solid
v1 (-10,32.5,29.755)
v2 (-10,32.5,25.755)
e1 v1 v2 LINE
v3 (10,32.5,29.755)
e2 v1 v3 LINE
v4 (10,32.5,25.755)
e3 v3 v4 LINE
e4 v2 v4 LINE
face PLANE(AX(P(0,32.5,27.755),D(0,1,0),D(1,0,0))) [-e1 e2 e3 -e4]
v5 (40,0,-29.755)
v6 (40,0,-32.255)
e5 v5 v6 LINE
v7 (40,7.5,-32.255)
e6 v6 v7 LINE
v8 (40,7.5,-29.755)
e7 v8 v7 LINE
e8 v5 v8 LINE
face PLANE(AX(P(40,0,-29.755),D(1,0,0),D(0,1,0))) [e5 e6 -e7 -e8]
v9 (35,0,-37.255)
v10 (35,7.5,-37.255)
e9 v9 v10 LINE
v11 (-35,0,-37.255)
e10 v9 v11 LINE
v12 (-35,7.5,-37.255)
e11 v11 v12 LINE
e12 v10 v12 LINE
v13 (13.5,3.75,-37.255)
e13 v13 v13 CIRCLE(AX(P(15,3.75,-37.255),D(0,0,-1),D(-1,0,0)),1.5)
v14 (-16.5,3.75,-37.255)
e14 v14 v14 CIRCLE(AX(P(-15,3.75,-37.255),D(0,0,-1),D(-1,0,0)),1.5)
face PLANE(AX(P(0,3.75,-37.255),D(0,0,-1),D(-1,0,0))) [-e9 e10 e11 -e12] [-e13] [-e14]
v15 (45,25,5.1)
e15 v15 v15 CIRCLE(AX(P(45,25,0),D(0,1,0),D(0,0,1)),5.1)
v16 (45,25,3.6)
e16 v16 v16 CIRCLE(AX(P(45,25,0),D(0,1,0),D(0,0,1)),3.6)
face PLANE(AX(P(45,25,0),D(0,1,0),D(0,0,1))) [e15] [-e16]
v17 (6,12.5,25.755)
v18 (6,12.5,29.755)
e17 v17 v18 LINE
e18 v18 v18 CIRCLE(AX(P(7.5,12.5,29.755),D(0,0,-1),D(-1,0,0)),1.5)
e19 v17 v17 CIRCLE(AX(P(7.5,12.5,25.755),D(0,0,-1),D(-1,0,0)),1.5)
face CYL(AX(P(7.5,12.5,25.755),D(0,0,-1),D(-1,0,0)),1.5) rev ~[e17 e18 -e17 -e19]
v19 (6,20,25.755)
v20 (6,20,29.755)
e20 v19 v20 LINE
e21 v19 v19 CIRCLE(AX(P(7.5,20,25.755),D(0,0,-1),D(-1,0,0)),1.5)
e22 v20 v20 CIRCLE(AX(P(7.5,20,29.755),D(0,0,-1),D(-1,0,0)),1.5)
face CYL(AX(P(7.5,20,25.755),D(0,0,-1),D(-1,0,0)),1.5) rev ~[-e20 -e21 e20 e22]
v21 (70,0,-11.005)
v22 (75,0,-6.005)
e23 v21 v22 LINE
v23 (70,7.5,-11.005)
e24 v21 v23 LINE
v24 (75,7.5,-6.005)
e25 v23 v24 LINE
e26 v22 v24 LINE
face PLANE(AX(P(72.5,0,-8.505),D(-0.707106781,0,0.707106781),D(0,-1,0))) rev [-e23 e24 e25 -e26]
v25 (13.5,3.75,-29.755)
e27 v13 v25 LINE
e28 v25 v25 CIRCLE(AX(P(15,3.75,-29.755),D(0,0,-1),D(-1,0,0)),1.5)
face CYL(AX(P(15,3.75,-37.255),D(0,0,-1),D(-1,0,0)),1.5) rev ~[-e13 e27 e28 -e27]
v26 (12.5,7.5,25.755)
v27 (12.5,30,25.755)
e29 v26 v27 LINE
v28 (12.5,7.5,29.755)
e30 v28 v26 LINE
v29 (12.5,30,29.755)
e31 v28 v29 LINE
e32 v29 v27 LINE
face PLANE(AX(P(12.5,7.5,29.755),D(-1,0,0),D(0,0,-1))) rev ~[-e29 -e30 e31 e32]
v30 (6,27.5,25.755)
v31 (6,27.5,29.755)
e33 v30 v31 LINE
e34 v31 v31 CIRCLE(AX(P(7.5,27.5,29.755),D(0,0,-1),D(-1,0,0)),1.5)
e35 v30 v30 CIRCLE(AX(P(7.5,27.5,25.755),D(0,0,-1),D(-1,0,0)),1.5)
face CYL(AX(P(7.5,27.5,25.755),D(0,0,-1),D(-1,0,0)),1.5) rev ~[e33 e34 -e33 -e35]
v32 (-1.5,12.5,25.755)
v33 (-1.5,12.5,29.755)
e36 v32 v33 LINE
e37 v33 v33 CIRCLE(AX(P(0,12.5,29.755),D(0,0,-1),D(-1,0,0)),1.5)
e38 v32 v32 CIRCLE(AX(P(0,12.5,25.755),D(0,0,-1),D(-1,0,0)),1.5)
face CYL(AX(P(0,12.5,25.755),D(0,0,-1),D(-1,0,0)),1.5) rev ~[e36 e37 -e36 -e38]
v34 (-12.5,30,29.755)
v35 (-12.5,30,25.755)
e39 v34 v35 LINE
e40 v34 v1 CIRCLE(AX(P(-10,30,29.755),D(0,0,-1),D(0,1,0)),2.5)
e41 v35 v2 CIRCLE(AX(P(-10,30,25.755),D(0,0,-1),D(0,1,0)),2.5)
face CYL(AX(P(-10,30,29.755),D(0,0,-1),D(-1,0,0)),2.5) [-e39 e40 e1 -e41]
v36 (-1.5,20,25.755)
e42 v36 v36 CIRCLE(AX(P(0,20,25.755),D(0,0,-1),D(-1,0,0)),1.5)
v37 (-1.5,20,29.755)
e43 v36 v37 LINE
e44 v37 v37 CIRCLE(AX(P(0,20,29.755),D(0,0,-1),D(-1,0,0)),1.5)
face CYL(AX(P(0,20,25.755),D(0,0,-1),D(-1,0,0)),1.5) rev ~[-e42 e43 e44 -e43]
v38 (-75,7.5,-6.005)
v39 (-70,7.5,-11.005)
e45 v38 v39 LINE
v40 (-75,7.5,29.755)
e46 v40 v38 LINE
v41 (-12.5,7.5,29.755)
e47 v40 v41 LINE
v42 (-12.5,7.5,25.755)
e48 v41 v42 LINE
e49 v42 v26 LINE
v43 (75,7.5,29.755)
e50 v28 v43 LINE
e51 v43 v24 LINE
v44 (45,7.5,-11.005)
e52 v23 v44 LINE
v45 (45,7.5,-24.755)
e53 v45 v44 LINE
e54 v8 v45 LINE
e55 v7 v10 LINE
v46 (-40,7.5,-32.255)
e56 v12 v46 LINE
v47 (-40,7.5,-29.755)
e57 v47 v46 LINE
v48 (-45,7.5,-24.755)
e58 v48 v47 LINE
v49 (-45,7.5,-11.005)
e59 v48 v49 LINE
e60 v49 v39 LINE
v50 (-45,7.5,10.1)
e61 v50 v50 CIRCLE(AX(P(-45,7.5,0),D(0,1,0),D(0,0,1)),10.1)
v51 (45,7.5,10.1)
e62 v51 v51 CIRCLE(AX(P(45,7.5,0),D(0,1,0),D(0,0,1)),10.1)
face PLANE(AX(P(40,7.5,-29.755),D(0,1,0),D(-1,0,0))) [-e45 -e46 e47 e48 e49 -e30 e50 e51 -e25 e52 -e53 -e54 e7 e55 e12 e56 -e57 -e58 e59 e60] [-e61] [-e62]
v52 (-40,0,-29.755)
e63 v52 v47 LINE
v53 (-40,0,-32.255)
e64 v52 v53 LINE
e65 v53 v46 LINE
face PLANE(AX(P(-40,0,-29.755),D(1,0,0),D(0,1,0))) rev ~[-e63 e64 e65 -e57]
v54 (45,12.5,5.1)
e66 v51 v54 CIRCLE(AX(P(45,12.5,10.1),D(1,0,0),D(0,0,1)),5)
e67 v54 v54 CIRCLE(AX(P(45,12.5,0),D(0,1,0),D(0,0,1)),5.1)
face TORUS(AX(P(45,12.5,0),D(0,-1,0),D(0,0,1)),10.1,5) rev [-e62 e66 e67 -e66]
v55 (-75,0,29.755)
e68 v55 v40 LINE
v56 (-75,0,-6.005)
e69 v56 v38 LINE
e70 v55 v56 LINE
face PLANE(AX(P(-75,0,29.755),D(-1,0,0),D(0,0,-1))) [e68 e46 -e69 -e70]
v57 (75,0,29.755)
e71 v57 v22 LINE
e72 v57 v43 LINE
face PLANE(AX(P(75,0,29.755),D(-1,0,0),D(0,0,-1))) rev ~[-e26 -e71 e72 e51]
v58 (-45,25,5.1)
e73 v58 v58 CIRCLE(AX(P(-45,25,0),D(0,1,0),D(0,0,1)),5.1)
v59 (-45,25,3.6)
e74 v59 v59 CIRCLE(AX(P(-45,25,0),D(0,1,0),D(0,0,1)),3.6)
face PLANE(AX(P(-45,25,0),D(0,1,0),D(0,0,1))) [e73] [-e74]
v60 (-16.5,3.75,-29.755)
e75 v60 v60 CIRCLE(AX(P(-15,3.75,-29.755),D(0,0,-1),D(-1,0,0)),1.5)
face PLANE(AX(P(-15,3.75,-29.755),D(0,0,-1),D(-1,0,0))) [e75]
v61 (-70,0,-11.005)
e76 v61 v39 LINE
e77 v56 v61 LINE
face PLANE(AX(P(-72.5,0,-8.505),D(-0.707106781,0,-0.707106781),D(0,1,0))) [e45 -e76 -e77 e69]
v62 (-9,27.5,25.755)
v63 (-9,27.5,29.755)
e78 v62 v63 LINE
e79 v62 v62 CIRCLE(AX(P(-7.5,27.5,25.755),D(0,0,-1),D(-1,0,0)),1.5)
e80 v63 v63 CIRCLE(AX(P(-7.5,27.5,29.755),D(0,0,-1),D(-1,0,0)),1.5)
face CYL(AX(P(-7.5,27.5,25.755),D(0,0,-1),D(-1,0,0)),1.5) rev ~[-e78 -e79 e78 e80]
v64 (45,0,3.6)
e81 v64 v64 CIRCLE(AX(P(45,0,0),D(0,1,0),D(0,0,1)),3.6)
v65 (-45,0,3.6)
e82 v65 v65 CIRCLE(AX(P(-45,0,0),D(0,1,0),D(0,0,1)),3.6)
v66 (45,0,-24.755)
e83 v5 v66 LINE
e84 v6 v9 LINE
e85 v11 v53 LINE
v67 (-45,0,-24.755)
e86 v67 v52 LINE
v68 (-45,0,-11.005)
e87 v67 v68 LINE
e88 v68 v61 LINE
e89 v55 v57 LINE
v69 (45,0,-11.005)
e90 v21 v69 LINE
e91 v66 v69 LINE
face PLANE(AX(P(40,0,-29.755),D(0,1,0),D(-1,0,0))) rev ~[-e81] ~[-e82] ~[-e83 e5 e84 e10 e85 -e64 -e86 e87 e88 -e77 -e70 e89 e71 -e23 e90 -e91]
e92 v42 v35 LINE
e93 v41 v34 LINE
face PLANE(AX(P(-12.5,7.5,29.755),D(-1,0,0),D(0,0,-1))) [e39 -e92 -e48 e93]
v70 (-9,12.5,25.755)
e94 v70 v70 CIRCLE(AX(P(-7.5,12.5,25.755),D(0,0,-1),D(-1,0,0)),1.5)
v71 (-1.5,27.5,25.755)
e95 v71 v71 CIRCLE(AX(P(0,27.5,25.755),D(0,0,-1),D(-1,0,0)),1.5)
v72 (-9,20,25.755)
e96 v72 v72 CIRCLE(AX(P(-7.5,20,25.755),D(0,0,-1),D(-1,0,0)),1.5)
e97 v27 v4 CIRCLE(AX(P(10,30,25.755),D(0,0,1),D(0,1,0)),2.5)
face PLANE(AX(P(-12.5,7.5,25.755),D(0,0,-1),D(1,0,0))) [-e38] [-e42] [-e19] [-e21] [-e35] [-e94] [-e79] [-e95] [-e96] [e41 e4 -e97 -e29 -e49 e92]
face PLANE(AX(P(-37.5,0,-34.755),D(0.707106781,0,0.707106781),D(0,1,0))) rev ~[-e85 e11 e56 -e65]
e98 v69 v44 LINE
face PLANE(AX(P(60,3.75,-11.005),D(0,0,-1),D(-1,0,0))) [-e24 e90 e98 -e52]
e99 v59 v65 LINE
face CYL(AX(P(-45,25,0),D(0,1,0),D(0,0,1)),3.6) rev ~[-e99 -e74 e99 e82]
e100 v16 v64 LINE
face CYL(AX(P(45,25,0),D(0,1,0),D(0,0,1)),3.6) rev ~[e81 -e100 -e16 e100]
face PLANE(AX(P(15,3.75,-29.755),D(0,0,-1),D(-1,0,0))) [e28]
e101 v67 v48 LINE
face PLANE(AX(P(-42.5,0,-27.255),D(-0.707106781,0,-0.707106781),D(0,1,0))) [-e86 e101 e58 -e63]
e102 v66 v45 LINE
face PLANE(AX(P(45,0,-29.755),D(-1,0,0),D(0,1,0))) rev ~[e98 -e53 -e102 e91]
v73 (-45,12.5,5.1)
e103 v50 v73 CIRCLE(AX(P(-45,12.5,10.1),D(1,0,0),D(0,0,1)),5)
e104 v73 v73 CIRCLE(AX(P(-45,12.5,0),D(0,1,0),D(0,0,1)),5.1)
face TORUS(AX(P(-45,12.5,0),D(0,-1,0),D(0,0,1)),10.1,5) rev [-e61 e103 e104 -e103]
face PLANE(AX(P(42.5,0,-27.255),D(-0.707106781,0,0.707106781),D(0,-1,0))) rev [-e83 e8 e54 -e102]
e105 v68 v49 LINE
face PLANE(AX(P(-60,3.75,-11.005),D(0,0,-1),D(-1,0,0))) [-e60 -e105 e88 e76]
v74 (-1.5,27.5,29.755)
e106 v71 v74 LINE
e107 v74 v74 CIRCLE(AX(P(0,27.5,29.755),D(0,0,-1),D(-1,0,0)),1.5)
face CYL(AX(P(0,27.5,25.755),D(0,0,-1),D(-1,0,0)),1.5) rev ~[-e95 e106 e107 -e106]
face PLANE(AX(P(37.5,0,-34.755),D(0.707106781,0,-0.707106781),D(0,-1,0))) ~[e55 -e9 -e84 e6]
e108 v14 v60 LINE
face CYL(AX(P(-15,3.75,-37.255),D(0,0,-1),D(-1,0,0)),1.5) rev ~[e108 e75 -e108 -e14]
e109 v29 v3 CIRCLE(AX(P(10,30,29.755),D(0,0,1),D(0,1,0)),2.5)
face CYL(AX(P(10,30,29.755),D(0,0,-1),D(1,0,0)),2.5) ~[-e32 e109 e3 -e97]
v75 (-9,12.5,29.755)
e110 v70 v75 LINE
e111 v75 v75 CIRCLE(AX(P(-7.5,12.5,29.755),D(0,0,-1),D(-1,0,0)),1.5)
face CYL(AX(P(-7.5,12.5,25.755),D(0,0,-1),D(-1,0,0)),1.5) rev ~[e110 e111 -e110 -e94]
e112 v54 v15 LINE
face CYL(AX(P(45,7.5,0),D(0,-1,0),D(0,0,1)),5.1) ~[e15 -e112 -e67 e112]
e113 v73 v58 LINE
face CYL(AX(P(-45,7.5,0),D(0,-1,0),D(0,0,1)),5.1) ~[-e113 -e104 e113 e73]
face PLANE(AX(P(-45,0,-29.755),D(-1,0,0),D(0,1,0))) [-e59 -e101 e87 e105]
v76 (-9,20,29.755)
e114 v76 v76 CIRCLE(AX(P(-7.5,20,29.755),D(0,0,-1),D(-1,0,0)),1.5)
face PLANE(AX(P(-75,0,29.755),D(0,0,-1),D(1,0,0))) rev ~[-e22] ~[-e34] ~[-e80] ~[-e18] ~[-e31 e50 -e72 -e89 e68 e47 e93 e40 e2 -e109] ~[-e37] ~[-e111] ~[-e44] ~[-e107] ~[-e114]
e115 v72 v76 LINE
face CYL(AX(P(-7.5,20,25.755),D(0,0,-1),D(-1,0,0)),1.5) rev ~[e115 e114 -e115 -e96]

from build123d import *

# Parameters (mm, degrees)
SKETCH1_W           = 150
SKETCH1_H           = 59.51
BOSS_EXTRUDE1_DEPTH = 7.5
SKETCH2_R           = 5.1
BOSS_EXTRUDE2_DEPTH = 17.5
FILLET1_R           = 5
SKETCH3_R           = 3.6
CUT_EXTRUDE1_DEPTH  = 25
SKETCH4_W           = 30
SKETCH4_H           = 7.5
CUT_EXTRUDE2_DEPTH  = 18.75
CHAMFER1_SIZE       = 5
SKETCH5_W           = 80
SKETCH5_H           = 7.5
BOSS_EXTRUDE3_DEPTH = 7.5
CHAMFER2_SIZE       = 5
SKETCH6_R           = 1.5
CUT_EXTRUDE3_DEPTH  = 7.5
SKETCH7_W           = 25
SKETCH7_H           = 4
BOSS_EXTRUDE4_DEPTH = 25
SKETCH8_R           = 1.5
CUT_EXTRUDE4_DEPTH  = 5
FILLET2_R           = 2.5


with BuildPart() as part:
    # Sketch1 → Boss-Extrude1 (new body)
    with BuildSketch(Plane(origin=(0, 0, 0), x_dir=(1, 0, 0), z_dir=(0, 1, 0))):
        Rectangle(SKETCH1_W, SKETCH1_H)
    extrude(amount=BOSS_EXTRUDE1_DEPTH)

    # Sketch2 → Boss-Extrude2 (add)
    with BuildSketch(Plane(origin=(0, 7.5, 0), x_dir=(1, 0, 0), z_dir=(0, 1, 0))):
        with Locations(Location((-45, 0, 0), (0, 0, 270))):
            Circle(SKETCH2_R)
        with Locations(Location((45, 0, 0), (0, 0, 270))):
            Circle(SKETCH2_R)
    extrude(amount=BOSS_EXTRUDE2_DEPTH)

    # Fillet1
    fillet1_edges = [part.edges().sort_by_distance(p)[0] for p in [
        (-45, 7.5, -5.1),
        (45, 7.5, -5.1),
    ]]
    fillet(fillet1_edges, radius=FILLET1_R)

    # Sketch3 → Cut-Extrude1 (cut)
    with BuildSketch(Plane(origin=(0, 25, 0), x_dir=(1, 0, 0), z_dir=(0, 1, 0))):
        with Locations(Location((-45, 0, 0), (0, 0, 270))):
            Circle(SKETCH3_R)
        with Locations(Location((45, 0, 0), (0, 0, 270))):
            Circle(SKETCH3_R)
    extrude(amount=-CUT_EXTRUDE1_DEPTH, mode=Mode.SUBTRACT)

    # Sketch4 → Cut-Extrude2 (cut)
    with BuildSketch(Plane(origin=(0, 0, -29.755), x_dir=(-1, 0, 0), z_dir=(0, 0, -1))):
        with Locations((-60, 3.75)):
            Rectangle(SKETCH4_W, SKETCH4_H)
        with Locations((60, 3.75)):
            Rectangle(SKETCH4_W, SKETCH4_H)
    extrude(amount=-CUT_EXTRUDE2_DEPTH, mode=Mode.SUBTRACT)

    # Chamfer1
    chamfer1_edges = [part.edges().sort_by_distance(p)[0] for p in [
        (75, 3.75, -11.005),
        (45, 3.75, -29.755),
        (-75, 3.75, -11.005),
        (-45, 3.75, -29.755),
    ]]
    chamfer(chamfer1_edges, length=CHAMFER1_SIZE)

    # Sketch5 → Boss-Extrude3 (add)
    with BuildSketch(Plane(origin=(0, 0, -29.755), x_dir=(-1, 0, 0), z_dir=(0, 0, -1))):
        with Locations((0, 3.75)):
            Rectangle(SKETCH5_W, SKETCH5_H)
    extrude(amount=BOSS_EXTRUDE3_DEPTH)

    # Chamfer2
    chamfer2_edges = [part.edges().sort_by_distance(p)[0] for p in [
        (40, 3.75, -37.255),
        (-40, 3.75, -37.255),
    ]]
    chamfer(chamfer2_edges, length=CHAMFER2_SIZE)

    # Sketch6 → Cut-Extrude3 (cut)
    with BuildSketch(Plane(origin=(0, 0, -37.255), x_dir=(-1, 0, 0), z_dir=(0, 0, -1))):
        with Locations((-15, 3.75)):
            Circle(SKETCH6_R)
        with Locations((15, 3.75)):
            Circle(SKETCH6_R)
    extrude(amount=-CUT_EXTRUDE3_DEPTH, mode=Mode.SUBTRACT)

    # Sketch7 → Boss-Extrude4 (add)
    with BuildSketch(Plane(origin=(0, 7.5, 0), x_dir=(1, 0, 0), z_dir=(0, 1, 0))):
        with Locations((0, -27.755)):
            Rectangle(SKETCH7_W, SKETCH7_H)
    extrude(amount=BOSS_EXTRUDE4_DEPTH)

    # Sketch8 → Cut-Extrude4 (cut)
    with BuildSketch(Plane(origin=(0, 0, 25.755), x_dir=(-1, 0, 0), z_dir=(0, 0, -1))):
        with Locations((-7.5, 20)):
            Circle(SKETCH8_R)
        with Locations((0, 20)):
            Circle(SKETCH8_R)
        with Locations((-7.5, 27.5)):
            Circle(SKETCH8_R)
        with Locations((0, 27.5)):
            Circle(SKETCH8_R)
        with Locations((7.5, 27.5)):
            Circle(SKETCH8_R)
        with Locations((7.5, 20)):
            Circle(SKETCH8_R)
        with Locations((-7.5, 12.5)):
            Circle(SKETCH8_R)
        with Locations((0, 12.5)):
            Circle(SKETCH8_R)
        with Locations((7.5, 12.5)):
            Circle(SKETCH8_R)
    extrude(amount=-CUT_EXTRUDE4_DEPTH, mode=Mode.SUBTRACT)

    # Fillet2
    fillet2_edges = [part.edges().sort_by_distance(p)[0] for p in [
        (-12.5, 32.5, 27.755),
        (12.5, 32.5, 27.755),
    ]]
    fillet(fillet2_edges, radius=FILLET2_R)


solid = part.part
